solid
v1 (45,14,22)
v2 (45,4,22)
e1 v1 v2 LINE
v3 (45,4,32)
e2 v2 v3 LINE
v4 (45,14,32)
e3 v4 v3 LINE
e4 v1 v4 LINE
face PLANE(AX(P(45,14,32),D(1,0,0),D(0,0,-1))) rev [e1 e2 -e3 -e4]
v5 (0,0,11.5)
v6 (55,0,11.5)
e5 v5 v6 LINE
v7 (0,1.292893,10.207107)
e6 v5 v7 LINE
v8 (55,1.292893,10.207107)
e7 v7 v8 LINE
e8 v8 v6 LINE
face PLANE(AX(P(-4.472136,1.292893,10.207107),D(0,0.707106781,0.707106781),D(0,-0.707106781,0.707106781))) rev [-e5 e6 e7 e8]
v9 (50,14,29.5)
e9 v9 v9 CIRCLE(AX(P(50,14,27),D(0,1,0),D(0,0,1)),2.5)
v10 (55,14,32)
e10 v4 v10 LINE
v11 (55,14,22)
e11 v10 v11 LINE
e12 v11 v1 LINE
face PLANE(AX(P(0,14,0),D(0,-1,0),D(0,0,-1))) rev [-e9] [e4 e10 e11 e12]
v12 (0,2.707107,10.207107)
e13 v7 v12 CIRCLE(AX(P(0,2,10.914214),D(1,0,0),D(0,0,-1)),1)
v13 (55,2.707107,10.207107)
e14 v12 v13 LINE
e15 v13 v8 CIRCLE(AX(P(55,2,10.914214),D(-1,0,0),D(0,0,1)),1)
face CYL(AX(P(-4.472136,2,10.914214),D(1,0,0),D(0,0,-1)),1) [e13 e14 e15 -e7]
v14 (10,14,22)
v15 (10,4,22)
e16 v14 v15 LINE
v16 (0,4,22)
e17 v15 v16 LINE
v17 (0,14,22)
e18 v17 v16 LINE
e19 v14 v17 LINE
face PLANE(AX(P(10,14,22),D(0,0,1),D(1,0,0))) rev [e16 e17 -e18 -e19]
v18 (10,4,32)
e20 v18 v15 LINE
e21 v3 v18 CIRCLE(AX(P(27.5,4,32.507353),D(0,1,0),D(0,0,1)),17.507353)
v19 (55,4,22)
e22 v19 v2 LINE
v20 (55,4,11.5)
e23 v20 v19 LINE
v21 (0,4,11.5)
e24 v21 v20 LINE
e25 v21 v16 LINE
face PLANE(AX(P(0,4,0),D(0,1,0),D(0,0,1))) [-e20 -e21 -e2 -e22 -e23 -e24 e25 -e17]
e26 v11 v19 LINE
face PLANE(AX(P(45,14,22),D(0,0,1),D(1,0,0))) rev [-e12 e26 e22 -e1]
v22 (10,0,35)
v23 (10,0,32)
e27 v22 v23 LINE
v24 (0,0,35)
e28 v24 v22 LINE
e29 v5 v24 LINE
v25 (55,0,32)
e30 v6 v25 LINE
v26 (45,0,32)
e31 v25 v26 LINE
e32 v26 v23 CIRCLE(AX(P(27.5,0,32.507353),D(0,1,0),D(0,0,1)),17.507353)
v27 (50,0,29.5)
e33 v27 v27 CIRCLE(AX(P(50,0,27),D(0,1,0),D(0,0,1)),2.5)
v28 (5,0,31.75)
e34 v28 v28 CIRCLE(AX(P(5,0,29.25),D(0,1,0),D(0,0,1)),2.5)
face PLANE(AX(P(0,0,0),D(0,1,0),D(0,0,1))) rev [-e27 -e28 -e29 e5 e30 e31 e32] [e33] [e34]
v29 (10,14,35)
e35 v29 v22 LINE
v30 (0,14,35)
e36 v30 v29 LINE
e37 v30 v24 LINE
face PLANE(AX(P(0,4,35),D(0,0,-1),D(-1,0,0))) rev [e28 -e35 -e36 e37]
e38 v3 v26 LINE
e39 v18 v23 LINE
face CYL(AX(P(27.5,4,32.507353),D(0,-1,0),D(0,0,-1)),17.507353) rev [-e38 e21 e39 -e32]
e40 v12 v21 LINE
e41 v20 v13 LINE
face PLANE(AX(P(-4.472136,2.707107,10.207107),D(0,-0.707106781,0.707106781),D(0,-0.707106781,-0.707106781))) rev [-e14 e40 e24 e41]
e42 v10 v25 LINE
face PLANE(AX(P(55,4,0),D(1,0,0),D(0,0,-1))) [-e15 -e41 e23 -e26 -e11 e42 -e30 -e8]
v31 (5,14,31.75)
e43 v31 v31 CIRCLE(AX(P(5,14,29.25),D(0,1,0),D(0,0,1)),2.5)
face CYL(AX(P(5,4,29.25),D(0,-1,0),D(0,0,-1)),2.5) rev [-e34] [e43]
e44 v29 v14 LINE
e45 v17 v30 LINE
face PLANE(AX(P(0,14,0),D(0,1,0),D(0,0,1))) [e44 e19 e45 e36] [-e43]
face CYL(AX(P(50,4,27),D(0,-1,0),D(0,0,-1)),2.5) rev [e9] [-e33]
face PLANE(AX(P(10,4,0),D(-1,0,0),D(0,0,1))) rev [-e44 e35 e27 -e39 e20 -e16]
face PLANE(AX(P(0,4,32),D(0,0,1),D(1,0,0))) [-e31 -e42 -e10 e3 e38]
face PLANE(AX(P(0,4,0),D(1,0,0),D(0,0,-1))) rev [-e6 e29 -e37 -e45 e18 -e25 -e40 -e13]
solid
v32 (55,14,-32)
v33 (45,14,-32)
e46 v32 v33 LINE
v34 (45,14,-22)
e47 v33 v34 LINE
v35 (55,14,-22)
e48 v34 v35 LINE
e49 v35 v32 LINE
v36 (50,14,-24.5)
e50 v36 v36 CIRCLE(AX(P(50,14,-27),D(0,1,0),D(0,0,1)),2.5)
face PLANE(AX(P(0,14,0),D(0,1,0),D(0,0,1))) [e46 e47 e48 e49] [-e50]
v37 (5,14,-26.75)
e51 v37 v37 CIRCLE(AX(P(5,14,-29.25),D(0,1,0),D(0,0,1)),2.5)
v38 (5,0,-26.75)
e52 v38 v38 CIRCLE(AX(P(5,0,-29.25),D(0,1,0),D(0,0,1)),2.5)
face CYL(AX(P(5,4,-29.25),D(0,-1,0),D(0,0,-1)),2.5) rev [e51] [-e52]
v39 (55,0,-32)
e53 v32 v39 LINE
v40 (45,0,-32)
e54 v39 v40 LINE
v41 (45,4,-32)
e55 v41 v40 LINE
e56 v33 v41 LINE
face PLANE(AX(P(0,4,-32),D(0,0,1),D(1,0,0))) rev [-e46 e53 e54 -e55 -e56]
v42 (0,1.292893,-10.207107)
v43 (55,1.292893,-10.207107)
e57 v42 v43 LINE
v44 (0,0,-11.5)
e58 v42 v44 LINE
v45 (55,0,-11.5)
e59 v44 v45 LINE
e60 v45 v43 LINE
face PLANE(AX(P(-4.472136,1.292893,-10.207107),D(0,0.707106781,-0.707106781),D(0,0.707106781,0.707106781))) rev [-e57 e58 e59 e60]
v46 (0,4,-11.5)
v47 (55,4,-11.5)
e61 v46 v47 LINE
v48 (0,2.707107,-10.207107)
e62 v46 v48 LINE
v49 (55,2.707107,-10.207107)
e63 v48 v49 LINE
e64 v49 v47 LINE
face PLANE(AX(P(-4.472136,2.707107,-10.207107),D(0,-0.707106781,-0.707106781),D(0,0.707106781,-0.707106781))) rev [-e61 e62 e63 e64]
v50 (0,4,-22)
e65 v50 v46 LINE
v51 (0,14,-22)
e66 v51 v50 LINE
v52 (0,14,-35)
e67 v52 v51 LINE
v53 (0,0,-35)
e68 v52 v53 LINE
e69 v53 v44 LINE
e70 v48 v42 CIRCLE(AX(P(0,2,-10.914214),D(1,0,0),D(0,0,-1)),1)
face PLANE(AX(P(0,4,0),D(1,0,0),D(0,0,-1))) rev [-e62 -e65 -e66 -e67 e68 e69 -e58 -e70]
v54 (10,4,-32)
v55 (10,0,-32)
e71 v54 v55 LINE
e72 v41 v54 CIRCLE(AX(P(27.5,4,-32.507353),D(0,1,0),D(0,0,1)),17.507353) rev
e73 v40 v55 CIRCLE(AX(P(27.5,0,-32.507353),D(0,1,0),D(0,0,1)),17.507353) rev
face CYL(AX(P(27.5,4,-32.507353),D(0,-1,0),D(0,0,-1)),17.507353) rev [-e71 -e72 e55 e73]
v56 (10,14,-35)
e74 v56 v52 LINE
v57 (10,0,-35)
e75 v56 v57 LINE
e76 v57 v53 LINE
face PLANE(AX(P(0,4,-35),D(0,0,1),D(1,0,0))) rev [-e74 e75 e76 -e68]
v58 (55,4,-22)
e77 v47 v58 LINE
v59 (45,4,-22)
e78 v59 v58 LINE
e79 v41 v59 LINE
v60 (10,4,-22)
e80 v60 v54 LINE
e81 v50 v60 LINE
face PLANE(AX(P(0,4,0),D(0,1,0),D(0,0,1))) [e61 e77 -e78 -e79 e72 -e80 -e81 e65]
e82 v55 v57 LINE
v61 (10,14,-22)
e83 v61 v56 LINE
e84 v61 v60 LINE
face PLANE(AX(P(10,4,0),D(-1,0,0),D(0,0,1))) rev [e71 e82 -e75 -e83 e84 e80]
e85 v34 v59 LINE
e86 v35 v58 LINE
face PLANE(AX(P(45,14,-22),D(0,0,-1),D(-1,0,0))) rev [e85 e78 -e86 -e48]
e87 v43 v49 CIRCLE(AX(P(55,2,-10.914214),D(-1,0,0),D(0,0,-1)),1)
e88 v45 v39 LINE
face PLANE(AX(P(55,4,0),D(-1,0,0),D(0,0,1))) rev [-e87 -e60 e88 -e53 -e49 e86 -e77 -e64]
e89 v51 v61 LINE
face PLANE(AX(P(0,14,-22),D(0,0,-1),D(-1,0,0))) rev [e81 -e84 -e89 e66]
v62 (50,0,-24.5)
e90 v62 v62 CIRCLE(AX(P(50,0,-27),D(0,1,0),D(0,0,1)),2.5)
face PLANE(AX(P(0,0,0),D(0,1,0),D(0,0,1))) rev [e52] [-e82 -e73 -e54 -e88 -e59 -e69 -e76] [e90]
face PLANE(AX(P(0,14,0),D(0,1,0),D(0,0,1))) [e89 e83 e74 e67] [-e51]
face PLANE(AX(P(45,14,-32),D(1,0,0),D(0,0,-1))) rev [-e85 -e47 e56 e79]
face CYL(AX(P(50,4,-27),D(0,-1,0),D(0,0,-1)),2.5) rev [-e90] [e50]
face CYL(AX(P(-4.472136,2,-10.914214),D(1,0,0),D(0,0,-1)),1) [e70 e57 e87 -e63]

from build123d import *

# Parameters (mm, degrees)
SKETCH1_R           = 2.5
EXTRUDE_BODY_DEPTH  = 4
SKETCH5_W           = 10
SKETCH5_H           = 10
SKETCH5_R           = 2.5
SKETCH5_H_2         = 13
EXTRUDE_LEGS_DEPTH  = 10
SKETCH6_W           = 45
SKETCH6_H           = 0.5
BOSS_EXTRUDE1_DEPTH = 4
CUT_EXTRUDE1_DEPTH  = 55
SKETCH8_W           = 10
SKETCH8_H           = 19
CUT_EXTRUDE2_DEPTH  = 10


with BuildPart() as part:
    # Sketch1 → Extrude-Body (new body)
    with BuildSketch(Plane(origin=(0, 0, 0), x_dir=(1, 0, 0), z_dir=(0, 1, 0))):
        with BuildLine():
            Line((10, 10), (10, -10))
            Line((10, -10), (45, -10))
            Line((45, -10), (55, -10))
            Line((55, -10), (55, -20))
            Line((55, -20), (55, -32))
            Line((55, -32), (45, -32))
            ThreePointArc((45, -32), (27.5, -15), (10, -32))
            Line((10, -32), (10, -35))
            Line((10, -35), (0, -35))
            Line((0, -35), (0, -32))
            Line((0, -32), (0, -20))
            Line((0, -20), (0, 20))
            Line((0, 20), (0, 32))
            Line((0, 32), (0, 35))
            Line((0, 35), (10, 35))
            Line((10, 35), (10, 32))
            ThreePointArc((10, 32), (27.5, 15), (45, 32))
            Line((45, 32), (55, 32))
            Line((55, 32), (55, 20))
            Line((55, 20), (55, 10))
            Line((55, 10), (45, 10))
            Line((45, 10), (10, 10))
        make_face()
        with Locations((50, 27)):
            Circle(SKETCH1_R, mode=Mode.SUBTRACT)
        with Locations((50, -27)):
            Circle(SKETCH1_R, mode=Mode.SUBTRACT)
        with Locations((5, 29.25)):
            Circle(SKETCH1_R, mode=Mode.SUBTRACT)
        with Locations((5, -29.25)):
            Circle(SKETCH1_R, mode=Mode.SUBTRACT)
    extrude(amount=EXTRUDE_BODY_DEPTH)

    # Sketch5 → Extrude-Legs (add)
    with BuildSketch(Plane(origin=(0, 4, 0), x_dir=(1, 0, 0), z_dir=(0, 1, 0))):
        with Locations((50, -27)):
            Rectangle(SKETCH5_W, SKETCH5_H)
        with Locations((50, -27)):
            Circle(SKETCH5_R, mode=Mode.SUBTRACT)
        with Locations((50, 27)):
            Rectangle(SKETCH5_W, SKETCH5_H)
        with Locations((50, 27)):
            Circle(SKETCH5_R, mode=Mode.SUBTRACT)
        with Locations((5, 28.5)):
            Rectangle(SKETCH5_W, SKETCH5_H_2)
        with Locations((5, 29.25)):
            Circle(SKETCH5_R, mode=Mode.SUBTRACT)
        with Locations((5, -28.5)):
            Rectangle(SKETCH5_W, SKETCH5_H_2)
        with Locations((5, -29.25)):
            Circle(SKETCH5_R, mode=Mode.SUBTRACT)
    extrude(amount=EXTRUDE_LEGS_DEPTH)

    # Sketch6 → Boss-Extrude1 (add)
    with BuildSketch(Plane(origin=(0, 4, 0), x_dir=(1, 0, 0), z_dir=(0, 1, 0))):
        with Locations((32.5, -9.75)):
            Rectangle(SKETCH6_W, SKETCH6_H)
        with Locations((32.5, 9.75)):
            Rectangle(SKETCH6_W, SKETCH6_H)
    extrude(amount=-BOSS_EXTRUDE1_DEPTH)

    # Sketch7 → Cut-Extrude1 (cut)
    with BuildSketch(Plane(origin=(55, 0, 0), x_dir=(0, 0, -1), z_dir=(1, 0, 0))):
        with BuildLine():
            Line((-10.207106781, 2.707106781), (-11.5, 4))
            Line((-11.5, 4), (-9.5, 4))
            Line((-9.5, 4), (-9.5, 0))
            Line((-9.5, 0), (-11.5, 0))
            Line((-11.5, 0), (-10.207106781, 1.292893219))
            ThreePointArc((-10.207106781, 1.292893219), (-9.914213562, 2), (-10.207106781, 2.707106781))
        make_face()
        with BuildLine():
            Line((10.207106781, 2.707106781), (11.5, 4))
            Line((11.5, 4), (9.5, 4))
            Line((9.5, 4), (9.5, 0))
            Line((9.5, 0), (11.5, 0))
            Line((11.5, 0), (10.207106781, 1.292893219))
            ThreePointArc((10.207106781, 1.292893219), (9.914213562, 2), (10.207106781, 2.707106781))
        make_face()
    extrude(amount=-CUT_EXTRUDE1_DEPTH, mode=Mode.SUBTRACT)

    # Sketch8 → Cut-Extrude2 (cut)
    with BuildSketch(Plane(origin=(0, 4, 0), x_dir=(1, 0, 0), z_dir=(0, 1, 0))):
        with Locations((5, 0)):
            Rectangle(SKETCH8_W, SKETCH8_H)
    extrude(amount=-CUT_EXTRUDE2_DEPTH, mode=Mode.SUBTRACT)


solid = part.part
